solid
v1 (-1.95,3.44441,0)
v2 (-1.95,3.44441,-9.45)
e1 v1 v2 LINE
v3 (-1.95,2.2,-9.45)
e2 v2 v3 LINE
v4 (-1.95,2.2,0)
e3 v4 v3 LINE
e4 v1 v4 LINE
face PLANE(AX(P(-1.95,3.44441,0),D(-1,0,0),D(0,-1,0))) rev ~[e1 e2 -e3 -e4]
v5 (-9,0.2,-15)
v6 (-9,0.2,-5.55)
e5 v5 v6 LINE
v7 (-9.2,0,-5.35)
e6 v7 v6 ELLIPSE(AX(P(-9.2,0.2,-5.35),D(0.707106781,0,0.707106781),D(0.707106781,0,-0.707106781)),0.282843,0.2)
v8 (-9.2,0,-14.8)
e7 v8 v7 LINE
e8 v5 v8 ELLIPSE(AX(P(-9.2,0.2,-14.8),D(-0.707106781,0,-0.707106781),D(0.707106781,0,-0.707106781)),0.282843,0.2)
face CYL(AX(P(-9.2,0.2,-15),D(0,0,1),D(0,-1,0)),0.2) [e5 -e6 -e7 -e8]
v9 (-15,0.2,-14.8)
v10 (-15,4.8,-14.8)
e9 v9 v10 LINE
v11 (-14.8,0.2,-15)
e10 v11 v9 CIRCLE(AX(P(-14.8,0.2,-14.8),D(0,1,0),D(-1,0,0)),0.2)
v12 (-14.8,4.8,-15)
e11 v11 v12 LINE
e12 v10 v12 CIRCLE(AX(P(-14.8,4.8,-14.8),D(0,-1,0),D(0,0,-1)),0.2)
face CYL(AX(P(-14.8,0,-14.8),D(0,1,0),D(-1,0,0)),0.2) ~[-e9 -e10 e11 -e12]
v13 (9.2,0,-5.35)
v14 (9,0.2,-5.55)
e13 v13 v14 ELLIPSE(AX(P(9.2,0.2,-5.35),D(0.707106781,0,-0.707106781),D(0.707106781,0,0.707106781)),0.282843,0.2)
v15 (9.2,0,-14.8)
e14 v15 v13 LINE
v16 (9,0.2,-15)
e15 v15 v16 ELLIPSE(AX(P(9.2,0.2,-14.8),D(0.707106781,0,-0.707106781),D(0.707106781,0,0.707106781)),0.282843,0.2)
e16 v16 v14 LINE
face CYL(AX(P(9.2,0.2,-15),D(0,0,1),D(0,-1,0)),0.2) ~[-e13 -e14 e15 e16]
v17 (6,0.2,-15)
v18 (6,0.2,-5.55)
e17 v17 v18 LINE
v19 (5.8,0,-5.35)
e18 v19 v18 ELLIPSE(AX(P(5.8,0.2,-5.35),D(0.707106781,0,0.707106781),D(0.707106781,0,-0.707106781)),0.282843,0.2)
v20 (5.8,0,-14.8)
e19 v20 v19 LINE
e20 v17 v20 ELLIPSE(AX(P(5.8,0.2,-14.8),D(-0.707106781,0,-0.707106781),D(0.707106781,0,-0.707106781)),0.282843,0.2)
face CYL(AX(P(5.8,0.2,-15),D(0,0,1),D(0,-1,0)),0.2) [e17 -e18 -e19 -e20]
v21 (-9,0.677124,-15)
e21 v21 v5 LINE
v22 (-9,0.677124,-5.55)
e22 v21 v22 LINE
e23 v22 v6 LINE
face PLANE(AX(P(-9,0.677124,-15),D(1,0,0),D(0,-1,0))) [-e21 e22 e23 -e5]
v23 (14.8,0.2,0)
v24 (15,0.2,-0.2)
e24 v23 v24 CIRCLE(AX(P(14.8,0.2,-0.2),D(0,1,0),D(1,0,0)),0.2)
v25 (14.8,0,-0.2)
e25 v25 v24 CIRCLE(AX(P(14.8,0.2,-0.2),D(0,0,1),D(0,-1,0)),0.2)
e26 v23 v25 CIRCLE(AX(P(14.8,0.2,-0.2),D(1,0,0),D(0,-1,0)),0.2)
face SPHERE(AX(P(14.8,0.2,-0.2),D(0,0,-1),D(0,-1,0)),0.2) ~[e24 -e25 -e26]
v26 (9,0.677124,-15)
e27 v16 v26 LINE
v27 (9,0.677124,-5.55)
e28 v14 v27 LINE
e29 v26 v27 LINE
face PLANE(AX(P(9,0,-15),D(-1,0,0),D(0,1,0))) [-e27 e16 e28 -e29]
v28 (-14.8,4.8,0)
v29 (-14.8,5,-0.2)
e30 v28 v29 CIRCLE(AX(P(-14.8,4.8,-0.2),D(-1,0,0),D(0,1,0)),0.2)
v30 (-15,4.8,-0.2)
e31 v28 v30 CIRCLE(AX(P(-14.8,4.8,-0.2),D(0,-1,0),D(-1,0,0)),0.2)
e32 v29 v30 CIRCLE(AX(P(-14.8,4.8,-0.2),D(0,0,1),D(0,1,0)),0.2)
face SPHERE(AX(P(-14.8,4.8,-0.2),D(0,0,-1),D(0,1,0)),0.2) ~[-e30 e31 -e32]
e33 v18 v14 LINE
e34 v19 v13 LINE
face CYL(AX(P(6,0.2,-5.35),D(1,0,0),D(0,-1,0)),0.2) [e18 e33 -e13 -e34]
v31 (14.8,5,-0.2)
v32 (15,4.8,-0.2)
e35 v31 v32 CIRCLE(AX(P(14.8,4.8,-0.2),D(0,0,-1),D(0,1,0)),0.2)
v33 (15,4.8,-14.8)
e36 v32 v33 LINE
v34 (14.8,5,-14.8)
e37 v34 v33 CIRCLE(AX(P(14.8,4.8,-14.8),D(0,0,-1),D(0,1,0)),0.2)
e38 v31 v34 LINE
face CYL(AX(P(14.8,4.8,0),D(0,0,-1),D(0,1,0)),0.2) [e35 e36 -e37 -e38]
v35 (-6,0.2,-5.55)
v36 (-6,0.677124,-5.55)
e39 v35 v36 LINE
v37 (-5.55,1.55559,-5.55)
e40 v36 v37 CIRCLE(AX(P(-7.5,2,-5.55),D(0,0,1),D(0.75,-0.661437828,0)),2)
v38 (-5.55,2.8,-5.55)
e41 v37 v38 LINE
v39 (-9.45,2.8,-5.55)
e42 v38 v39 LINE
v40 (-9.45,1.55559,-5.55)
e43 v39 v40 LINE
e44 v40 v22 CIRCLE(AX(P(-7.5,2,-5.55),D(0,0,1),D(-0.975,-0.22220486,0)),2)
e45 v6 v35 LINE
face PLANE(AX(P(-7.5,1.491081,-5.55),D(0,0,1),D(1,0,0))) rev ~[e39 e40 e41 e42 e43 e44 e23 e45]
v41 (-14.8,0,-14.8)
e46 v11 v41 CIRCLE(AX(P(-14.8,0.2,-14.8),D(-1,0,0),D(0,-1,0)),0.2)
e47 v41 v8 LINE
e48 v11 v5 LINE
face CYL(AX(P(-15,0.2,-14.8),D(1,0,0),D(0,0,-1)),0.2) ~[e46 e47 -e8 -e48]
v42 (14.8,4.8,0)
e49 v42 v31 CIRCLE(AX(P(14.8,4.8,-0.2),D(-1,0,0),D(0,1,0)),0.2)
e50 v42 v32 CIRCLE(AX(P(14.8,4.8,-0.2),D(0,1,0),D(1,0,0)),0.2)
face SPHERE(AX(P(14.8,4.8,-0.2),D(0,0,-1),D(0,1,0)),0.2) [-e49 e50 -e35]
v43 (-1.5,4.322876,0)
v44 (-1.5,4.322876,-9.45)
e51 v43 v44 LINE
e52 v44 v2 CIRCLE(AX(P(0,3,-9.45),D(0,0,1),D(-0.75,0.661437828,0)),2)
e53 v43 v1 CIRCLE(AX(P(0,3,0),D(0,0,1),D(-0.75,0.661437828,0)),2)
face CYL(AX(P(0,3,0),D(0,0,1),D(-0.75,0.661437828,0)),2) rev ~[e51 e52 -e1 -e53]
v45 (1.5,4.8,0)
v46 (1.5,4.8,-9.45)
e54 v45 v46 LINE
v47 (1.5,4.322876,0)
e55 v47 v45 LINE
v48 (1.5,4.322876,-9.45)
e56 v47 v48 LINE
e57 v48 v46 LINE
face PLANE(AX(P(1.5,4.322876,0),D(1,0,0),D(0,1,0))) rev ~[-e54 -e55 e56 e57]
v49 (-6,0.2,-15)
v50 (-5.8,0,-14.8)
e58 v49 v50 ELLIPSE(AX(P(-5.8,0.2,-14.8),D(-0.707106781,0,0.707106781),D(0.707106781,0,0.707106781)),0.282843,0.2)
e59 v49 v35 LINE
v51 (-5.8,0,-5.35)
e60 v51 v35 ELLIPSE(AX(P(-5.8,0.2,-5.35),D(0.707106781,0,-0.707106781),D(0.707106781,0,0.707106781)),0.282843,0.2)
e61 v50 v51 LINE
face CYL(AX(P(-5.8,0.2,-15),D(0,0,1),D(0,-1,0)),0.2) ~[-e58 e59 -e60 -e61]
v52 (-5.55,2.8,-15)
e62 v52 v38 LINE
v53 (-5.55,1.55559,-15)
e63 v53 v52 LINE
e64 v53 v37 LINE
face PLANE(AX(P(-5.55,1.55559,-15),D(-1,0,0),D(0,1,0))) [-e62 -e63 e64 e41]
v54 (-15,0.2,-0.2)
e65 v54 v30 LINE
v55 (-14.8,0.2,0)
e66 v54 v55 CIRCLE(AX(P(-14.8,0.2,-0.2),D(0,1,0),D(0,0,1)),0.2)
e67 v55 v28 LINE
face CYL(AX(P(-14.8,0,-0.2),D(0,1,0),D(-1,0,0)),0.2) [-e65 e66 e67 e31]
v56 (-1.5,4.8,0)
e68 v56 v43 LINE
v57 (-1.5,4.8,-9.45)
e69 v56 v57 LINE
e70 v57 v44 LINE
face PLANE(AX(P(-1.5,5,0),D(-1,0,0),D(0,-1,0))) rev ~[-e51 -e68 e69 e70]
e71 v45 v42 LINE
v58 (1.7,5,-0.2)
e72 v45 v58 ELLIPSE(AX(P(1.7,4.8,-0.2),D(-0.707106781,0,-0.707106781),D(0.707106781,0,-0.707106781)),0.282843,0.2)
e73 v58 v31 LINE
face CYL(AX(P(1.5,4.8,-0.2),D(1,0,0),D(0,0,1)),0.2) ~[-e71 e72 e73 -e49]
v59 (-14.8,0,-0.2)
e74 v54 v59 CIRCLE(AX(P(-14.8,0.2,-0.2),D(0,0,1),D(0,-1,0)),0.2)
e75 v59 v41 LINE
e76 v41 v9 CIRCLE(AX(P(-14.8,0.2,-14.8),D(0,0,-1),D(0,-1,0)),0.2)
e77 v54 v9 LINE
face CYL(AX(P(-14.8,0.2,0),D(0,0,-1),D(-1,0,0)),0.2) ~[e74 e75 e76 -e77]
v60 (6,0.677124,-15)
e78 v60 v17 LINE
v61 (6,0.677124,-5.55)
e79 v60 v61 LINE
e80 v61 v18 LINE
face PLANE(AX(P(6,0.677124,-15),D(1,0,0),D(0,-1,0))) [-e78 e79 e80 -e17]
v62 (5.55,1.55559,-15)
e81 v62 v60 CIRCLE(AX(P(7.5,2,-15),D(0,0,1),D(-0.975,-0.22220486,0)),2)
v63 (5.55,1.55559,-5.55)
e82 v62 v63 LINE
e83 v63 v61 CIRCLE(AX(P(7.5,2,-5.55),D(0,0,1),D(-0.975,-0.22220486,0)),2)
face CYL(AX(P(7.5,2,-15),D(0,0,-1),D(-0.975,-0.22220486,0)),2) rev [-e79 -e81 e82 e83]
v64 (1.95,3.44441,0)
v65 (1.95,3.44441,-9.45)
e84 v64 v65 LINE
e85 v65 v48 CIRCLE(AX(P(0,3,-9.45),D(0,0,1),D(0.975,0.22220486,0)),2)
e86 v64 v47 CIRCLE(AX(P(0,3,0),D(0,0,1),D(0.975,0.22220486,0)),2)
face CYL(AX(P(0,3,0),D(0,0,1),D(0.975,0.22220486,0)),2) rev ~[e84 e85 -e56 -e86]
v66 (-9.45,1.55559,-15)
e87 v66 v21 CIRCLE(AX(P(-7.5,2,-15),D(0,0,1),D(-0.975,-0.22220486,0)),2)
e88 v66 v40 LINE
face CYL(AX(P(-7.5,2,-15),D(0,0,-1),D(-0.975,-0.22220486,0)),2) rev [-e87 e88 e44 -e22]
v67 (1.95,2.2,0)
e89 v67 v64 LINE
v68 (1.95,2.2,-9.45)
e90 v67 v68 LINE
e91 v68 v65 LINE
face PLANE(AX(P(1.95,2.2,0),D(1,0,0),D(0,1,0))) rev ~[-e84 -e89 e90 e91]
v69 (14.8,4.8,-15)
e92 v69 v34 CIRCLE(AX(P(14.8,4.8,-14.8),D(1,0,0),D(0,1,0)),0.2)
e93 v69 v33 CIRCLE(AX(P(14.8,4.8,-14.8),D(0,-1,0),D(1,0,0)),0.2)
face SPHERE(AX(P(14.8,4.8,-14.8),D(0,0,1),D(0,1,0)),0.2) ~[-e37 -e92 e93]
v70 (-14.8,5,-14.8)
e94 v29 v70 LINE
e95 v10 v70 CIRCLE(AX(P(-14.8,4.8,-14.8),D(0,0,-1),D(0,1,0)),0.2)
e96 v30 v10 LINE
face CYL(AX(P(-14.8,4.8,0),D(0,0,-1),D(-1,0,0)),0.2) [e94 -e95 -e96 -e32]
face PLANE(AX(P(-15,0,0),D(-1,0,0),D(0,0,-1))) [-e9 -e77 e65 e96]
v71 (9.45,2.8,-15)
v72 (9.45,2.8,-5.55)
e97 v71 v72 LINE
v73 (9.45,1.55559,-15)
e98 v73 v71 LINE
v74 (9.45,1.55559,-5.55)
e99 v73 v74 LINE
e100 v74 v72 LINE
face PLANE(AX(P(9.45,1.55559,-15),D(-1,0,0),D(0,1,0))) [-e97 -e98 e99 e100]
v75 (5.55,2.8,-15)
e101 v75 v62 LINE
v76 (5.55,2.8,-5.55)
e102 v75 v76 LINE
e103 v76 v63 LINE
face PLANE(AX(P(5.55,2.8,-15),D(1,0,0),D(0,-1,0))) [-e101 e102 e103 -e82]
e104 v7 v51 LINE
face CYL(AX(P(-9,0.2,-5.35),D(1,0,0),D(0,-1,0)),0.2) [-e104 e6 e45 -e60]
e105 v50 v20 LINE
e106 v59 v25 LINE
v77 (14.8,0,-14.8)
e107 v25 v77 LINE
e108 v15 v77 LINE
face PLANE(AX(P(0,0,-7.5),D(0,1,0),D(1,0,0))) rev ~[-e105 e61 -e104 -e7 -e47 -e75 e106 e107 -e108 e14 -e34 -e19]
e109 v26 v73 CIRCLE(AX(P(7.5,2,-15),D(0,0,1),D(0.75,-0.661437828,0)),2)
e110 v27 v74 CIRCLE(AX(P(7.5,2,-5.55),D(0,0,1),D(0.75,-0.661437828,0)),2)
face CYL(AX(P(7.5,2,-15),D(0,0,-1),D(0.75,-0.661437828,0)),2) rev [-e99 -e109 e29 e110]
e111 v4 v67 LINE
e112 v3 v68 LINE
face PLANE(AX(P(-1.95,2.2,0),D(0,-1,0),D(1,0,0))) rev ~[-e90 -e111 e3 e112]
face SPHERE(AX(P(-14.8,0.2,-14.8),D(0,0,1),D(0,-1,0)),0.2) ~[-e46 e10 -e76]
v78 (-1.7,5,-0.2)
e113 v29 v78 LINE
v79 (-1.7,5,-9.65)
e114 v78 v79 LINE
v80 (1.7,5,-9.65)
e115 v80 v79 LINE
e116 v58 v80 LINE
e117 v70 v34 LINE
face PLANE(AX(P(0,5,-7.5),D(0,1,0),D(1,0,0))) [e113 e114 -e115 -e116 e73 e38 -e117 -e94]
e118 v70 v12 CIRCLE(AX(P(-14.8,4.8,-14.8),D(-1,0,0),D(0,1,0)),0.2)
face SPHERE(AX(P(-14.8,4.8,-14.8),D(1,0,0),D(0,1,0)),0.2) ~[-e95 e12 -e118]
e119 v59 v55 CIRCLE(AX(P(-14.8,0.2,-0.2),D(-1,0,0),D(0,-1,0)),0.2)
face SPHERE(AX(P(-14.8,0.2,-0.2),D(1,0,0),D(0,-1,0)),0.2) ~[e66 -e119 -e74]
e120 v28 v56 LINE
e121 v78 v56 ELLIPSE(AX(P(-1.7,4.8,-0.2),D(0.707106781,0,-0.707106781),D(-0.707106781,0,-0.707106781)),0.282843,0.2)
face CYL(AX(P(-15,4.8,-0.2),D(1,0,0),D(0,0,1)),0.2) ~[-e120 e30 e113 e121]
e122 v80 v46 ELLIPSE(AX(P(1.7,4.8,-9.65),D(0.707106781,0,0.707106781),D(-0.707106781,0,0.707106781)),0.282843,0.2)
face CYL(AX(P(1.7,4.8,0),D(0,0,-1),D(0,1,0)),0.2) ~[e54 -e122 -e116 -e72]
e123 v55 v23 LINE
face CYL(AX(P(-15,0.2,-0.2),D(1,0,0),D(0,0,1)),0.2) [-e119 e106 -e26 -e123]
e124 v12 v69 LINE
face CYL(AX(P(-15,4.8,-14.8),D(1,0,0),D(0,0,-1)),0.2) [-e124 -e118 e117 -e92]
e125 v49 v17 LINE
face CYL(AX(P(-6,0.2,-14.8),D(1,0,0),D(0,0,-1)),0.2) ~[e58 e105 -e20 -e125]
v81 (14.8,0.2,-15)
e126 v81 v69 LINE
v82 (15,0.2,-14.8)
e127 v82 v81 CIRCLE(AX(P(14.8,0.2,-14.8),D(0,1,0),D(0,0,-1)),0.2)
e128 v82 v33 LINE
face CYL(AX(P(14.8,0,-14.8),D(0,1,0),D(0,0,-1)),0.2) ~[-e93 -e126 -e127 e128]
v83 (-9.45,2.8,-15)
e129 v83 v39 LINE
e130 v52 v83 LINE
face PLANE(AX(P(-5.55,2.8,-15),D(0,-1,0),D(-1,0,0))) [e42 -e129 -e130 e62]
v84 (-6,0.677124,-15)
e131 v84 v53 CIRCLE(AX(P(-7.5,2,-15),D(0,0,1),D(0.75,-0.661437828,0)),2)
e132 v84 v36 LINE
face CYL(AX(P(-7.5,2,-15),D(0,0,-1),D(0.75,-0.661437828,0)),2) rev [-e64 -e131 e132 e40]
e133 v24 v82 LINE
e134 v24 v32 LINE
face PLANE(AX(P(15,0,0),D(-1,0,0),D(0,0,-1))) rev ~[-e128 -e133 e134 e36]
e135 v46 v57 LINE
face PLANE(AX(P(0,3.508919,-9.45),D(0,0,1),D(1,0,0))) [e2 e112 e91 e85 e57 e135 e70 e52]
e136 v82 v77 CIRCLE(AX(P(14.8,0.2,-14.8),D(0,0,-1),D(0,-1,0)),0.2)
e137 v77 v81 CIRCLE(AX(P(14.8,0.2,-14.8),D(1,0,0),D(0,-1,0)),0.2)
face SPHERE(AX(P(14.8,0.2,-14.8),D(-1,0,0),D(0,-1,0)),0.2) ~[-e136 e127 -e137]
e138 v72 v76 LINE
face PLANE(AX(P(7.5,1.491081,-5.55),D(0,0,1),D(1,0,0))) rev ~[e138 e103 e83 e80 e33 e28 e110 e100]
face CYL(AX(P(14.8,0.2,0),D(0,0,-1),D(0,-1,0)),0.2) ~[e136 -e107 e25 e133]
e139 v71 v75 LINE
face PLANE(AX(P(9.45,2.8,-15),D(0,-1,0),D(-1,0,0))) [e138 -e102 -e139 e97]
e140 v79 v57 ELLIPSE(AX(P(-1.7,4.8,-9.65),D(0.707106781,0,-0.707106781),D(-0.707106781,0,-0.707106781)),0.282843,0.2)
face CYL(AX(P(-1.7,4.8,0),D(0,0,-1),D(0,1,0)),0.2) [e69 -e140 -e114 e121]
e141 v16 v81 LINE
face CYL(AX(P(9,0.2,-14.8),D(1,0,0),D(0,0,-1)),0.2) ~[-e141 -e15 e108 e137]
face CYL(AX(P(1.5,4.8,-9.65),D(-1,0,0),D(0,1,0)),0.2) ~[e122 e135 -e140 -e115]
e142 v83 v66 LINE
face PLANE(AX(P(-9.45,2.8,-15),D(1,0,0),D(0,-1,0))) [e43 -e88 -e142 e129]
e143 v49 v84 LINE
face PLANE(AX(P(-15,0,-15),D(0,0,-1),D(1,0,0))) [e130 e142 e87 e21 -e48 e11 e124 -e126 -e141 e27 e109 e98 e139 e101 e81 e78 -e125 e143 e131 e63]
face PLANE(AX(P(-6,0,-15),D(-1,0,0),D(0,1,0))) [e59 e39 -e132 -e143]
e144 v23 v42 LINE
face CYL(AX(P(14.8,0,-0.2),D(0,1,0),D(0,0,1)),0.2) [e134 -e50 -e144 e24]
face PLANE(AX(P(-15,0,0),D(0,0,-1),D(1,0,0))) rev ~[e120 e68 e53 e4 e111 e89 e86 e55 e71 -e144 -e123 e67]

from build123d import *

# Parameters (mm, degrees)
SKETCH_1_W          = 30
SKETCH_1_H          = 15
EXTRUDE_1_DEPTH     = 5
CUT_EXTRUDE_1_DEPTH = 9.45
CUT_EXTRUDE_2_DEPTH = 9.45
FILLET_1_R          = 0.2


with BuildPart() as part:
    # 草图1 → 凸台-拉伸1 (new body)
    with BuildSketch(Plane(origin=(0, 0, 0), x_dir=(1, 0, 0), z_dir=(0, 1, 0))):
        with Locations((0, 7.5)):
            Rectangle(SKETCH_1_W, SKETCH_1_H)
    extrude(amount=EXTRUDE_1_DEPTH)

    # 草图2 → 切除-拉伸1 (cut)
    with BuildSketch(Plane.XY):
        with BuildLine():
            Line((-1.5, 5), (-1.5, 4.322875656))
            ThreePointArc((-1.5, 4.322875656), (-1.780042303, 3.911838473), (-1.95, 3.444409721))
            Line((-1.95, 3.444409721), (-1.95, 2.2))
            Line((-1.95, 2.2), (1.95, 2.2))
            Line((1.95, 2.2), (1.95, 3.444409721))
            ThreePointArc((1.95, 3.444409721), (1.780042303, 3.911838473), (1.5, 4.322875656))
            Line((1.5, 4.322875656), (1.5, 5))
            Line((1.5, 5), (-1.5, 5))
        make_face()
    extrude(amount=-CUT_EXTRUDE_1_DEPTH, mode=Mode.SUBTRACT)

    # 草图3 → 切除-拉伸2 (cut)
    with BuildSketch(Plane(origin=(0, 0, -15), x_dir=(-1, 0, 0), z_dir=(0, 0, -1))):
        with BuildLine():
            Line((-9, 0), (-9, 0.677124344))
            ThreePointArc((-9, 0.677124344), (-9.280042303, 1.088161527), (-9.45, 1.555590279))
            Line((-9.45, 1.555590279), (-9.45, 2.8))
            Line((-9.45, 2.8), (-5.55, 2.8))
            Line((-5.55, 2.8), (-5.55, 1.555590279))
            ThreePointArc((-5.55, 1.555590279), (-5.719957697, 1.088161527), (-6, 0.677124344))
            Line((-6, 0.677124344), (-6, 0))
            Line((-6, 0), (-9, 0))
        make_face()
        with BuildLine():
            Line((9, 0), (6, 0))
            Line((6, 0), (6, 0.677124344))
            ThreePointArc((6, 0.677124344), (5.719957697, 1.088161527), (5.55, 1.555590279))
            Line((5.55, 1.555590279), (5.55, 2.8))
            Line((5.55, 2.8), (9.45, 2.8))
            Line((9.45, 2.8), (9.45, 1.555590279))
            ThreePointArc((9.45, 1.555590279), (9.280042303, 1.088161527), (9, 0.677124344))
            Line((9, 0.677124344), (9, 0))
        make_face()
    extrude(amount=-CUT_EXTRUDE_2_DEPTH, mode=Mode.SUBTRACT)

    # 圆角1
    fillet_1_edges = [part.edges().sort_by_distance(p)[0] for p in [
        (15, 5, -7.5),
        (0, 5, -15),
        (8.25, 5, 0),
        (0, 5, -9.45),
        (-1.5, 5, -4.725),
        (1.5, 5, -4.725),
        (0, 0, -15),
        (-15, 5, -7.5),
        (7.5, 0, -5.55),
        (6, 0, -10.275),
        (9, 0, -10.275),
        (12, 0, -15),
        (15, 0, -7.5),
        (0, 0, 0),
        (-15, 0, -7.5),
        (-12, 0, -15),
        (-7.5, 0, -5.55),
        (-9, 0, -10.275),
        (-6, 0, -10.275),
        (-8.25, 5, 0),
        (-15, 2.5, -15),
        (15, 2.5, -15),
        (15, 2.5, 0),
        (-15, 2.5, 0),
    ]]
    fillet(fillet_1_edges, radius=FILLET_1_R)


solid = part.part
